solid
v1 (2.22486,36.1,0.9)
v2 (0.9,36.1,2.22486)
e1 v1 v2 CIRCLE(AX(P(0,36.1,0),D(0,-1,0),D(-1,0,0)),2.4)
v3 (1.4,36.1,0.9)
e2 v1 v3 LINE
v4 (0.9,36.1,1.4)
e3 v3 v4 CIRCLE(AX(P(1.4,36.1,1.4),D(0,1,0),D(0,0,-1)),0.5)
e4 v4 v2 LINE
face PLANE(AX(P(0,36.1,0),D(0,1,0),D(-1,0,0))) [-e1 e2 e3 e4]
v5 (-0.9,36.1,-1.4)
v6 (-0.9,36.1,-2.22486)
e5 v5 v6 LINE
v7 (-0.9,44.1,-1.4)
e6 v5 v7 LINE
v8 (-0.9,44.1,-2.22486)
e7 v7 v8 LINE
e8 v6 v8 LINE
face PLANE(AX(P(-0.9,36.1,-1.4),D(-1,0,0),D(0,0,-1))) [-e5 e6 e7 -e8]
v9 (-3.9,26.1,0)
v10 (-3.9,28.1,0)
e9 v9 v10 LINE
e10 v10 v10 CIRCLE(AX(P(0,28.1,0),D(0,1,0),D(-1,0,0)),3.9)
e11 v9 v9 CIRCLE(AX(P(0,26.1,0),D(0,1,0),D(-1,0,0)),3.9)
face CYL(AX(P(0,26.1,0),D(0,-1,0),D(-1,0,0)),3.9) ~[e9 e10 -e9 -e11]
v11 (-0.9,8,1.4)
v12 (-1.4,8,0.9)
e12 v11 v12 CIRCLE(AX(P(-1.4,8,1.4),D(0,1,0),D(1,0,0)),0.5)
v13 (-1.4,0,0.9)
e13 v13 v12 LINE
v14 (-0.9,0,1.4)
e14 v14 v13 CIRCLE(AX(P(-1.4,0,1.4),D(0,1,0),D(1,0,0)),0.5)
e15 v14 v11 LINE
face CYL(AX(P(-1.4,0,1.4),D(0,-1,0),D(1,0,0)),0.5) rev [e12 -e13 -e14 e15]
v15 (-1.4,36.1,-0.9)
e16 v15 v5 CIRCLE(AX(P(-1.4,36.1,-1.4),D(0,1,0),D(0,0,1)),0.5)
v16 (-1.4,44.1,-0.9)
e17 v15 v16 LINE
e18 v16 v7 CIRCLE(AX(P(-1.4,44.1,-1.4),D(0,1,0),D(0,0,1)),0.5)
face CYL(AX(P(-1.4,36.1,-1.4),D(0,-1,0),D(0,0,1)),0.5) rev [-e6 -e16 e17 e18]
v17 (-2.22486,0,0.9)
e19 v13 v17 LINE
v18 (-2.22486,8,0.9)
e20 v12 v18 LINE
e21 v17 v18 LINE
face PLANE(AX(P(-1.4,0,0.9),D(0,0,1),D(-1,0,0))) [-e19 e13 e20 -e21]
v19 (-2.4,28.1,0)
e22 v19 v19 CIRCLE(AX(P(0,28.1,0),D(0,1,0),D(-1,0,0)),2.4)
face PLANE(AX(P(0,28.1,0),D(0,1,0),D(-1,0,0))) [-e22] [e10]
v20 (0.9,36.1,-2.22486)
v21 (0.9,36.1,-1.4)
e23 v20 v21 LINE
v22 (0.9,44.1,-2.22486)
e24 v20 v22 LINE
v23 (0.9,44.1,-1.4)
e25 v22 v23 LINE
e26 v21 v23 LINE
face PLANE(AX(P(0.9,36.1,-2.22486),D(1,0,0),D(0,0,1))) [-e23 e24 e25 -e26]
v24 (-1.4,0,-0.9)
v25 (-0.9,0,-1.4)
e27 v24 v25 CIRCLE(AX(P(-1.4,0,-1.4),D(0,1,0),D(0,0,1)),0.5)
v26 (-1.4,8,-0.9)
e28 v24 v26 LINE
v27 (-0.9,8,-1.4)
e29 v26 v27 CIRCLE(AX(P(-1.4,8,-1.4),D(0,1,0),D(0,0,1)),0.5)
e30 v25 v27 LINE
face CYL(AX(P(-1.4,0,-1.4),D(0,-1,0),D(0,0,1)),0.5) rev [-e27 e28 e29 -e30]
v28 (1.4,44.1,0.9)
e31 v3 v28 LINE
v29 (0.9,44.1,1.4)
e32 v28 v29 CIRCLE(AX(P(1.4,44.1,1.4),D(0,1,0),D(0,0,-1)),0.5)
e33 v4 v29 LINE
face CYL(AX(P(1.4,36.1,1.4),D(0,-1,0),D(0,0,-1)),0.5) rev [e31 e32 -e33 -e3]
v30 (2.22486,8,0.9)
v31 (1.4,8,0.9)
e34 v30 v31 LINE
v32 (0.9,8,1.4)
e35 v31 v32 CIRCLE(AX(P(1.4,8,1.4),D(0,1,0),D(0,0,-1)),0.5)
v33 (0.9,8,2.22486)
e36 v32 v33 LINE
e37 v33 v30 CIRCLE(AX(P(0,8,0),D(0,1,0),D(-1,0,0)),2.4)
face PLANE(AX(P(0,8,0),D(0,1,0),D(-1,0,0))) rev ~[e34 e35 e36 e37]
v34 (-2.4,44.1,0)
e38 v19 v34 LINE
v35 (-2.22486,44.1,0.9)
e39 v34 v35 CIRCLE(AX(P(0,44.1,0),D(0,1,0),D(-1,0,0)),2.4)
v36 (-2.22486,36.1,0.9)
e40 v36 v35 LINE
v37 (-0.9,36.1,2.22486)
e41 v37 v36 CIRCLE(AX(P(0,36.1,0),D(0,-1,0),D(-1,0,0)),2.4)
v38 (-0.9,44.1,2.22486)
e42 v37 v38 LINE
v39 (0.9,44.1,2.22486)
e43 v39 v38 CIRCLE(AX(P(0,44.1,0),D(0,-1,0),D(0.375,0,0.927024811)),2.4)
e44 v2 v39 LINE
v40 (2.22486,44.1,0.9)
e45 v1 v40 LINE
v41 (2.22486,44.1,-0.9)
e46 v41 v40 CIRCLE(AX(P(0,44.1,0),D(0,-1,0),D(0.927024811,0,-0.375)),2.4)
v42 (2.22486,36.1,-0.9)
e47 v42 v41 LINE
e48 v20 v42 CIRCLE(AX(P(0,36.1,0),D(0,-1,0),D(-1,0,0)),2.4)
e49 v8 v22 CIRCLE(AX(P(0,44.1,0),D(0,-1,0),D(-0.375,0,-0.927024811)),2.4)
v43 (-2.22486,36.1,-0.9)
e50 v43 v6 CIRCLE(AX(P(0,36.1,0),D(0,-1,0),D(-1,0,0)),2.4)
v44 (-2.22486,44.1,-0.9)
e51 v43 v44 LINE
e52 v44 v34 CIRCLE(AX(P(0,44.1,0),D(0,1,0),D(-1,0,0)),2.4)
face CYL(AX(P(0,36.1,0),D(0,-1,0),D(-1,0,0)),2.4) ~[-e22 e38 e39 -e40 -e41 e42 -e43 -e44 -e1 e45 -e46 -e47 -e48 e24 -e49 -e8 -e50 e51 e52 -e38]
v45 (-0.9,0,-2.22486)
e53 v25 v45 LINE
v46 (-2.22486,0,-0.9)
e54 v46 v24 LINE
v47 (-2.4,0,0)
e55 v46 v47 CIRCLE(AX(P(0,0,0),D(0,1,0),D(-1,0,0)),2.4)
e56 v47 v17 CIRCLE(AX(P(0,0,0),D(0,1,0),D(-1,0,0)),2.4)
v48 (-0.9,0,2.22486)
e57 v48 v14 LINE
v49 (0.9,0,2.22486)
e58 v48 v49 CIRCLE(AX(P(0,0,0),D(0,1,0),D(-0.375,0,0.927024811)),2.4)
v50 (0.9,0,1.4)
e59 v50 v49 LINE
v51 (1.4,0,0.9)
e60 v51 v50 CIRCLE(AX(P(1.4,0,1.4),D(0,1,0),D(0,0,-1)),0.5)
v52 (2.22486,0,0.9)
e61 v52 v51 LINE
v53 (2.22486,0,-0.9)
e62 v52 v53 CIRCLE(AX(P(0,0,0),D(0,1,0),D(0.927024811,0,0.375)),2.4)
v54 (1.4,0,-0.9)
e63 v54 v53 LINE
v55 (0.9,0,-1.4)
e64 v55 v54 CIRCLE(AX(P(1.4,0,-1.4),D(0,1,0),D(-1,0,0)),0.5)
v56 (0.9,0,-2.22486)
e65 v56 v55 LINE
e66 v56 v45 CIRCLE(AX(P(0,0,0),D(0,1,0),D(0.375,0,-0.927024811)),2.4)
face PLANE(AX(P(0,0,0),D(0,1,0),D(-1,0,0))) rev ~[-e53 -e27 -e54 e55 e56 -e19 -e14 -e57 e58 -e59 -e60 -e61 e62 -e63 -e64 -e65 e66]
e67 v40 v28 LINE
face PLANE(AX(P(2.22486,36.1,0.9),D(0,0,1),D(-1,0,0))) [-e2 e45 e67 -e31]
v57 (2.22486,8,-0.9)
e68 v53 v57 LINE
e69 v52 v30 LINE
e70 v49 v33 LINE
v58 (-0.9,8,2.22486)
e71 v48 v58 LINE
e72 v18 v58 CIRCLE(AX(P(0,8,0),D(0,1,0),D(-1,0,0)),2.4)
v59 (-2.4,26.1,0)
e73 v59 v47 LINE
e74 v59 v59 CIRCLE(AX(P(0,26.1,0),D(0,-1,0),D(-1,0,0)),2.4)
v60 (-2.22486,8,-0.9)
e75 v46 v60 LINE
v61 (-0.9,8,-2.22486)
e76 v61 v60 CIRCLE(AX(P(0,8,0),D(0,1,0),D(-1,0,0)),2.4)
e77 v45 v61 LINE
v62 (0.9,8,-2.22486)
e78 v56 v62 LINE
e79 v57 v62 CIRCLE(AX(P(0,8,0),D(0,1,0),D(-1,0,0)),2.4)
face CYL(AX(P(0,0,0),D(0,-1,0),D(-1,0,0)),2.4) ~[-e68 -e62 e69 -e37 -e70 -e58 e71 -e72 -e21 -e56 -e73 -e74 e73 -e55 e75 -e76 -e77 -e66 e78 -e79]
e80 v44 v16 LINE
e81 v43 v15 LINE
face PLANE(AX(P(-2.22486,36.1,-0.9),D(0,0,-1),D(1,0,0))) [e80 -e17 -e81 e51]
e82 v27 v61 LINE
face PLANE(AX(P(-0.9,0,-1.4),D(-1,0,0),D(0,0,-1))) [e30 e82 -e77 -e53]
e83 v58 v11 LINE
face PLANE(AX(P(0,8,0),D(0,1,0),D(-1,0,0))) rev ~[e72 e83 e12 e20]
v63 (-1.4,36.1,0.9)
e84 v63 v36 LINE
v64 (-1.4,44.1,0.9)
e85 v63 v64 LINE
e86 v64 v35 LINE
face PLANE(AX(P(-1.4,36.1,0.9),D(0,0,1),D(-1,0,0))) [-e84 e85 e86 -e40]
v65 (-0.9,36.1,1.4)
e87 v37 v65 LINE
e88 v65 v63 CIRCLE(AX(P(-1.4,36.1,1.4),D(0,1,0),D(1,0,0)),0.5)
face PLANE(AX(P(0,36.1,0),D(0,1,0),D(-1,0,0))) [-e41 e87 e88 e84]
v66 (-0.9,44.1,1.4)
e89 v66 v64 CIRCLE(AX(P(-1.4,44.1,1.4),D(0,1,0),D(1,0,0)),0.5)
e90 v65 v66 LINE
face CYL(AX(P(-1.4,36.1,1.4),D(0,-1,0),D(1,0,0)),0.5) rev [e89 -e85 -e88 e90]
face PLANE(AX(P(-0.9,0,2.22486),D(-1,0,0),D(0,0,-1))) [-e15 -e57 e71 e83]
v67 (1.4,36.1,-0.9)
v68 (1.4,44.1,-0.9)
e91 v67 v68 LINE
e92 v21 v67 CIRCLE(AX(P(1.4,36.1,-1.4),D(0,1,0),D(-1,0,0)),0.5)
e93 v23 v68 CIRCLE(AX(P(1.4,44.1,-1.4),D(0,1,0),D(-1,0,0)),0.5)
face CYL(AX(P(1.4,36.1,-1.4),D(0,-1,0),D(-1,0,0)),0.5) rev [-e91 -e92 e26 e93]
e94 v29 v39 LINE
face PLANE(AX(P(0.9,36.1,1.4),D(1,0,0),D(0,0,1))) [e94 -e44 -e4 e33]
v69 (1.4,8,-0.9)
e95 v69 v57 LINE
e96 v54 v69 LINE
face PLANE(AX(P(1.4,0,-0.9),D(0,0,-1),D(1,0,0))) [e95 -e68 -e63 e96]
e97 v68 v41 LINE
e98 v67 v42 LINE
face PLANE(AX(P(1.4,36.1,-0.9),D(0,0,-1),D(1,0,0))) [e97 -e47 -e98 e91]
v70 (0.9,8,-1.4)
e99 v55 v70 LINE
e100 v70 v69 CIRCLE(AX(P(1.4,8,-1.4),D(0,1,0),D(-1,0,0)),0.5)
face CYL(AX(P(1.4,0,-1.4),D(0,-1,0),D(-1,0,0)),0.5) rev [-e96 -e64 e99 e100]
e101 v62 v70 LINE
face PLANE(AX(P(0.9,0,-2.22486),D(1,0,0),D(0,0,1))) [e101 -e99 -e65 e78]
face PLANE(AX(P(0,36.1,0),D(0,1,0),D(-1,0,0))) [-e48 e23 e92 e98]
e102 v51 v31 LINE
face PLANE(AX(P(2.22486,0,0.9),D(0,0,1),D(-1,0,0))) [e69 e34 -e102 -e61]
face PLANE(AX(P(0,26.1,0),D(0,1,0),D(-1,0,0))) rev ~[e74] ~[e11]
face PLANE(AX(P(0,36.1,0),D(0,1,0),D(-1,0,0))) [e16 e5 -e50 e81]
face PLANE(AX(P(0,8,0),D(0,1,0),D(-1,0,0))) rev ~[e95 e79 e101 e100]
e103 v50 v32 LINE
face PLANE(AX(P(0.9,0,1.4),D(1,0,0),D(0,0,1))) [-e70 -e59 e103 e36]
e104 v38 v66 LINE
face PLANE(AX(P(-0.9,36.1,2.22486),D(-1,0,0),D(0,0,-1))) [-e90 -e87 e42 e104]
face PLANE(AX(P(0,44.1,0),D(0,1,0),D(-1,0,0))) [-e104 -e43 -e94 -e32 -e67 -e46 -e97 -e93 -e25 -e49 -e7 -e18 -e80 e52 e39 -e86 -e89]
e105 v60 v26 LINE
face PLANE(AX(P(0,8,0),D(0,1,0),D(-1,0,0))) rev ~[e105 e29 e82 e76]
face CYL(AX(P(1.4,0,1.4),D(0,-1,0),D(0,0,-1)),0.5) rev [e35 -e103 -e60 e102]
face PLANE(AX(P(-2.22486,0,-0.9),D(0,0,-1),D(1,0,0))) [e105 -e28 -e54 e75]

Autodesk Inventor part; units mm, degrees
ref_plane "YZ Plane" through (0, 0, 0) normal (1, 0, 0) x (0, 1, 0)
ref_plane "XZ Plane" through (0, 0, 0) normal (0, 1, 0) x (-1, 0, 0)
ref_plane "XY Plane" through (0, 0, 0) normal (0, 0, 1) x (1, 0, 0)
sketch "Sketch1" plane through (0, 0, 0) normal (0, 1, 0) x (-1, 0, 0)
  line L0 (0.9, 2.4) -> (-0.9, 2.4)
  line L1 (0.9, 2.4) -> (0.9, 1.4)
  line L2 (1.4, 1.4) -> (0.9, 1.4) construction
  line L3 (1.4, 1.4) -> (1.4, 0.9) construction
  arc A0 (0.9, 1.4) -> (1.4, 0.9) centre (1.4, 1.4) ccw
  line L4 (1.4, 0.9) -> (2.4, 0.9)
  line L5 (-0.9, 1.4) -> (-0.9, 2.4)
  arc A1 (-1.4, 0.9) -> (-0.9, 1.4) centre (-1.4, 1.4) ccw
  line L6 (-2.4, 0.9) -> (-1.4, 0.9)
  line L7 (-2.4, 0.9) -> (-2.4, -0.9)
  line L8 (-1.4, -0.9) -> (-2.4, -0.9)
  arc A2 (-0.9, -1.4) -> (-1.4, -0.9) centre (-1.4, -1.4) ccw
  line L9 (-0.9, -2.4) -> (-0.9, -1.4)
  line L10 (-0.9, -2.4) -> (0.9, -2.4)
  line L11 (0.9, -1.4) -> (0.9, -2.4)
  arc A3 (1.4, -0.9) -> (0.9, -1.4) centre (1.4, -1.4) ccw
  line L12 (2.4, -0.9) -> (1.4, -0.9)
  line L13 (2.4, -0.9) -> (2.4, 0.9)
  line L14 (0, 2.4) -> (0, -2.4) construction
  circle A4 centre (0, 0) radius 2.4
  circle A5 centre (0, 0) radius 3.9
  point P0 (0, 0)
  point P1 (0, 0)
  point P2 (-2.4, 0)
  point P3 (2.4, 0)
  point P4 (2.2249, -0.9)
  point P5 (2.2249, 0.9)
  point P6 (0.9, 2.2249)
  point P7 (-0.9, 2.2249)
  point P8 (-2.2249, 0.9)
  point P9 (-2.2249, -0.9)
  point P10 (-0.9, -2.2249)
  point P11 (0.9, -2.2249)
  dimension "d6" = 1.8
  dimension "d7" = 2.4
  dimension "d8" = 1
  dimension "d9" = 0.5
  dimension "d10" = 1
  dimension "d11" = 360
  dimension "d12" = 2.4
  dimension "d13" = 0.9
  dimension "d16" = 4.8
  dimension "d24" = 7.8
extrude "Extrusion2" add sketch "Sketch1" along normal blind 8 contours A4 L1 A0 L4 L12 A3 L11 L9 A2 L8 L6 A1 L5
extrude "Extrusion3" add sketch "Sketch1" along normal blind 18.1 from surface at 8 contours A4 L1 A0 L4 L12 A3 L11 L9 A2 L8 L6 A1 L5 | A4 L4 A0 L1 | L5 A1 L6 A4 | A4 L11 A3 L12 | L8 A2 L9 A4
extrude "Extrusion5" add sketch "Sketch1" along normal blind 2 from surface at 26.1 contours L1 A4 L0 | A4 L5 L0 | A4 L1 A0 L4 L12 A3 L11 L9 A2 L8 L6 A1 L5 | A4 L4 A0 L1 | L5 A1 L6 A4 | L4 L13 A4 | A4 L7 L6 | L13 L12 A4 | A4 L8 L7 | A4 L11 A3 L12 | L8 A2 L9 A4 | L11 L10 A4 | A4 L10 L9 | A5
extrude "Extrusion6" add sketch "Sketch1" along normal blind 8 from surface at 28.1 contours A4 L1 A0 L4 L12 A3 L11 L9 A2 L8 L6 A1 L5 | A4 L4 A0 L1 | L5 A1 L6 A4 | A4 L11 A3 L12 | L8 A2 L9 A4
extrude "Extrusion7" add sketch "Sketch1" along normal blind 8 from surface at 36.1 contours A4 L1 A0 L4 L12 A3 L11 L9 A2 L8 L6 A1 L5
properties part number "diff_gear_holder_2"
